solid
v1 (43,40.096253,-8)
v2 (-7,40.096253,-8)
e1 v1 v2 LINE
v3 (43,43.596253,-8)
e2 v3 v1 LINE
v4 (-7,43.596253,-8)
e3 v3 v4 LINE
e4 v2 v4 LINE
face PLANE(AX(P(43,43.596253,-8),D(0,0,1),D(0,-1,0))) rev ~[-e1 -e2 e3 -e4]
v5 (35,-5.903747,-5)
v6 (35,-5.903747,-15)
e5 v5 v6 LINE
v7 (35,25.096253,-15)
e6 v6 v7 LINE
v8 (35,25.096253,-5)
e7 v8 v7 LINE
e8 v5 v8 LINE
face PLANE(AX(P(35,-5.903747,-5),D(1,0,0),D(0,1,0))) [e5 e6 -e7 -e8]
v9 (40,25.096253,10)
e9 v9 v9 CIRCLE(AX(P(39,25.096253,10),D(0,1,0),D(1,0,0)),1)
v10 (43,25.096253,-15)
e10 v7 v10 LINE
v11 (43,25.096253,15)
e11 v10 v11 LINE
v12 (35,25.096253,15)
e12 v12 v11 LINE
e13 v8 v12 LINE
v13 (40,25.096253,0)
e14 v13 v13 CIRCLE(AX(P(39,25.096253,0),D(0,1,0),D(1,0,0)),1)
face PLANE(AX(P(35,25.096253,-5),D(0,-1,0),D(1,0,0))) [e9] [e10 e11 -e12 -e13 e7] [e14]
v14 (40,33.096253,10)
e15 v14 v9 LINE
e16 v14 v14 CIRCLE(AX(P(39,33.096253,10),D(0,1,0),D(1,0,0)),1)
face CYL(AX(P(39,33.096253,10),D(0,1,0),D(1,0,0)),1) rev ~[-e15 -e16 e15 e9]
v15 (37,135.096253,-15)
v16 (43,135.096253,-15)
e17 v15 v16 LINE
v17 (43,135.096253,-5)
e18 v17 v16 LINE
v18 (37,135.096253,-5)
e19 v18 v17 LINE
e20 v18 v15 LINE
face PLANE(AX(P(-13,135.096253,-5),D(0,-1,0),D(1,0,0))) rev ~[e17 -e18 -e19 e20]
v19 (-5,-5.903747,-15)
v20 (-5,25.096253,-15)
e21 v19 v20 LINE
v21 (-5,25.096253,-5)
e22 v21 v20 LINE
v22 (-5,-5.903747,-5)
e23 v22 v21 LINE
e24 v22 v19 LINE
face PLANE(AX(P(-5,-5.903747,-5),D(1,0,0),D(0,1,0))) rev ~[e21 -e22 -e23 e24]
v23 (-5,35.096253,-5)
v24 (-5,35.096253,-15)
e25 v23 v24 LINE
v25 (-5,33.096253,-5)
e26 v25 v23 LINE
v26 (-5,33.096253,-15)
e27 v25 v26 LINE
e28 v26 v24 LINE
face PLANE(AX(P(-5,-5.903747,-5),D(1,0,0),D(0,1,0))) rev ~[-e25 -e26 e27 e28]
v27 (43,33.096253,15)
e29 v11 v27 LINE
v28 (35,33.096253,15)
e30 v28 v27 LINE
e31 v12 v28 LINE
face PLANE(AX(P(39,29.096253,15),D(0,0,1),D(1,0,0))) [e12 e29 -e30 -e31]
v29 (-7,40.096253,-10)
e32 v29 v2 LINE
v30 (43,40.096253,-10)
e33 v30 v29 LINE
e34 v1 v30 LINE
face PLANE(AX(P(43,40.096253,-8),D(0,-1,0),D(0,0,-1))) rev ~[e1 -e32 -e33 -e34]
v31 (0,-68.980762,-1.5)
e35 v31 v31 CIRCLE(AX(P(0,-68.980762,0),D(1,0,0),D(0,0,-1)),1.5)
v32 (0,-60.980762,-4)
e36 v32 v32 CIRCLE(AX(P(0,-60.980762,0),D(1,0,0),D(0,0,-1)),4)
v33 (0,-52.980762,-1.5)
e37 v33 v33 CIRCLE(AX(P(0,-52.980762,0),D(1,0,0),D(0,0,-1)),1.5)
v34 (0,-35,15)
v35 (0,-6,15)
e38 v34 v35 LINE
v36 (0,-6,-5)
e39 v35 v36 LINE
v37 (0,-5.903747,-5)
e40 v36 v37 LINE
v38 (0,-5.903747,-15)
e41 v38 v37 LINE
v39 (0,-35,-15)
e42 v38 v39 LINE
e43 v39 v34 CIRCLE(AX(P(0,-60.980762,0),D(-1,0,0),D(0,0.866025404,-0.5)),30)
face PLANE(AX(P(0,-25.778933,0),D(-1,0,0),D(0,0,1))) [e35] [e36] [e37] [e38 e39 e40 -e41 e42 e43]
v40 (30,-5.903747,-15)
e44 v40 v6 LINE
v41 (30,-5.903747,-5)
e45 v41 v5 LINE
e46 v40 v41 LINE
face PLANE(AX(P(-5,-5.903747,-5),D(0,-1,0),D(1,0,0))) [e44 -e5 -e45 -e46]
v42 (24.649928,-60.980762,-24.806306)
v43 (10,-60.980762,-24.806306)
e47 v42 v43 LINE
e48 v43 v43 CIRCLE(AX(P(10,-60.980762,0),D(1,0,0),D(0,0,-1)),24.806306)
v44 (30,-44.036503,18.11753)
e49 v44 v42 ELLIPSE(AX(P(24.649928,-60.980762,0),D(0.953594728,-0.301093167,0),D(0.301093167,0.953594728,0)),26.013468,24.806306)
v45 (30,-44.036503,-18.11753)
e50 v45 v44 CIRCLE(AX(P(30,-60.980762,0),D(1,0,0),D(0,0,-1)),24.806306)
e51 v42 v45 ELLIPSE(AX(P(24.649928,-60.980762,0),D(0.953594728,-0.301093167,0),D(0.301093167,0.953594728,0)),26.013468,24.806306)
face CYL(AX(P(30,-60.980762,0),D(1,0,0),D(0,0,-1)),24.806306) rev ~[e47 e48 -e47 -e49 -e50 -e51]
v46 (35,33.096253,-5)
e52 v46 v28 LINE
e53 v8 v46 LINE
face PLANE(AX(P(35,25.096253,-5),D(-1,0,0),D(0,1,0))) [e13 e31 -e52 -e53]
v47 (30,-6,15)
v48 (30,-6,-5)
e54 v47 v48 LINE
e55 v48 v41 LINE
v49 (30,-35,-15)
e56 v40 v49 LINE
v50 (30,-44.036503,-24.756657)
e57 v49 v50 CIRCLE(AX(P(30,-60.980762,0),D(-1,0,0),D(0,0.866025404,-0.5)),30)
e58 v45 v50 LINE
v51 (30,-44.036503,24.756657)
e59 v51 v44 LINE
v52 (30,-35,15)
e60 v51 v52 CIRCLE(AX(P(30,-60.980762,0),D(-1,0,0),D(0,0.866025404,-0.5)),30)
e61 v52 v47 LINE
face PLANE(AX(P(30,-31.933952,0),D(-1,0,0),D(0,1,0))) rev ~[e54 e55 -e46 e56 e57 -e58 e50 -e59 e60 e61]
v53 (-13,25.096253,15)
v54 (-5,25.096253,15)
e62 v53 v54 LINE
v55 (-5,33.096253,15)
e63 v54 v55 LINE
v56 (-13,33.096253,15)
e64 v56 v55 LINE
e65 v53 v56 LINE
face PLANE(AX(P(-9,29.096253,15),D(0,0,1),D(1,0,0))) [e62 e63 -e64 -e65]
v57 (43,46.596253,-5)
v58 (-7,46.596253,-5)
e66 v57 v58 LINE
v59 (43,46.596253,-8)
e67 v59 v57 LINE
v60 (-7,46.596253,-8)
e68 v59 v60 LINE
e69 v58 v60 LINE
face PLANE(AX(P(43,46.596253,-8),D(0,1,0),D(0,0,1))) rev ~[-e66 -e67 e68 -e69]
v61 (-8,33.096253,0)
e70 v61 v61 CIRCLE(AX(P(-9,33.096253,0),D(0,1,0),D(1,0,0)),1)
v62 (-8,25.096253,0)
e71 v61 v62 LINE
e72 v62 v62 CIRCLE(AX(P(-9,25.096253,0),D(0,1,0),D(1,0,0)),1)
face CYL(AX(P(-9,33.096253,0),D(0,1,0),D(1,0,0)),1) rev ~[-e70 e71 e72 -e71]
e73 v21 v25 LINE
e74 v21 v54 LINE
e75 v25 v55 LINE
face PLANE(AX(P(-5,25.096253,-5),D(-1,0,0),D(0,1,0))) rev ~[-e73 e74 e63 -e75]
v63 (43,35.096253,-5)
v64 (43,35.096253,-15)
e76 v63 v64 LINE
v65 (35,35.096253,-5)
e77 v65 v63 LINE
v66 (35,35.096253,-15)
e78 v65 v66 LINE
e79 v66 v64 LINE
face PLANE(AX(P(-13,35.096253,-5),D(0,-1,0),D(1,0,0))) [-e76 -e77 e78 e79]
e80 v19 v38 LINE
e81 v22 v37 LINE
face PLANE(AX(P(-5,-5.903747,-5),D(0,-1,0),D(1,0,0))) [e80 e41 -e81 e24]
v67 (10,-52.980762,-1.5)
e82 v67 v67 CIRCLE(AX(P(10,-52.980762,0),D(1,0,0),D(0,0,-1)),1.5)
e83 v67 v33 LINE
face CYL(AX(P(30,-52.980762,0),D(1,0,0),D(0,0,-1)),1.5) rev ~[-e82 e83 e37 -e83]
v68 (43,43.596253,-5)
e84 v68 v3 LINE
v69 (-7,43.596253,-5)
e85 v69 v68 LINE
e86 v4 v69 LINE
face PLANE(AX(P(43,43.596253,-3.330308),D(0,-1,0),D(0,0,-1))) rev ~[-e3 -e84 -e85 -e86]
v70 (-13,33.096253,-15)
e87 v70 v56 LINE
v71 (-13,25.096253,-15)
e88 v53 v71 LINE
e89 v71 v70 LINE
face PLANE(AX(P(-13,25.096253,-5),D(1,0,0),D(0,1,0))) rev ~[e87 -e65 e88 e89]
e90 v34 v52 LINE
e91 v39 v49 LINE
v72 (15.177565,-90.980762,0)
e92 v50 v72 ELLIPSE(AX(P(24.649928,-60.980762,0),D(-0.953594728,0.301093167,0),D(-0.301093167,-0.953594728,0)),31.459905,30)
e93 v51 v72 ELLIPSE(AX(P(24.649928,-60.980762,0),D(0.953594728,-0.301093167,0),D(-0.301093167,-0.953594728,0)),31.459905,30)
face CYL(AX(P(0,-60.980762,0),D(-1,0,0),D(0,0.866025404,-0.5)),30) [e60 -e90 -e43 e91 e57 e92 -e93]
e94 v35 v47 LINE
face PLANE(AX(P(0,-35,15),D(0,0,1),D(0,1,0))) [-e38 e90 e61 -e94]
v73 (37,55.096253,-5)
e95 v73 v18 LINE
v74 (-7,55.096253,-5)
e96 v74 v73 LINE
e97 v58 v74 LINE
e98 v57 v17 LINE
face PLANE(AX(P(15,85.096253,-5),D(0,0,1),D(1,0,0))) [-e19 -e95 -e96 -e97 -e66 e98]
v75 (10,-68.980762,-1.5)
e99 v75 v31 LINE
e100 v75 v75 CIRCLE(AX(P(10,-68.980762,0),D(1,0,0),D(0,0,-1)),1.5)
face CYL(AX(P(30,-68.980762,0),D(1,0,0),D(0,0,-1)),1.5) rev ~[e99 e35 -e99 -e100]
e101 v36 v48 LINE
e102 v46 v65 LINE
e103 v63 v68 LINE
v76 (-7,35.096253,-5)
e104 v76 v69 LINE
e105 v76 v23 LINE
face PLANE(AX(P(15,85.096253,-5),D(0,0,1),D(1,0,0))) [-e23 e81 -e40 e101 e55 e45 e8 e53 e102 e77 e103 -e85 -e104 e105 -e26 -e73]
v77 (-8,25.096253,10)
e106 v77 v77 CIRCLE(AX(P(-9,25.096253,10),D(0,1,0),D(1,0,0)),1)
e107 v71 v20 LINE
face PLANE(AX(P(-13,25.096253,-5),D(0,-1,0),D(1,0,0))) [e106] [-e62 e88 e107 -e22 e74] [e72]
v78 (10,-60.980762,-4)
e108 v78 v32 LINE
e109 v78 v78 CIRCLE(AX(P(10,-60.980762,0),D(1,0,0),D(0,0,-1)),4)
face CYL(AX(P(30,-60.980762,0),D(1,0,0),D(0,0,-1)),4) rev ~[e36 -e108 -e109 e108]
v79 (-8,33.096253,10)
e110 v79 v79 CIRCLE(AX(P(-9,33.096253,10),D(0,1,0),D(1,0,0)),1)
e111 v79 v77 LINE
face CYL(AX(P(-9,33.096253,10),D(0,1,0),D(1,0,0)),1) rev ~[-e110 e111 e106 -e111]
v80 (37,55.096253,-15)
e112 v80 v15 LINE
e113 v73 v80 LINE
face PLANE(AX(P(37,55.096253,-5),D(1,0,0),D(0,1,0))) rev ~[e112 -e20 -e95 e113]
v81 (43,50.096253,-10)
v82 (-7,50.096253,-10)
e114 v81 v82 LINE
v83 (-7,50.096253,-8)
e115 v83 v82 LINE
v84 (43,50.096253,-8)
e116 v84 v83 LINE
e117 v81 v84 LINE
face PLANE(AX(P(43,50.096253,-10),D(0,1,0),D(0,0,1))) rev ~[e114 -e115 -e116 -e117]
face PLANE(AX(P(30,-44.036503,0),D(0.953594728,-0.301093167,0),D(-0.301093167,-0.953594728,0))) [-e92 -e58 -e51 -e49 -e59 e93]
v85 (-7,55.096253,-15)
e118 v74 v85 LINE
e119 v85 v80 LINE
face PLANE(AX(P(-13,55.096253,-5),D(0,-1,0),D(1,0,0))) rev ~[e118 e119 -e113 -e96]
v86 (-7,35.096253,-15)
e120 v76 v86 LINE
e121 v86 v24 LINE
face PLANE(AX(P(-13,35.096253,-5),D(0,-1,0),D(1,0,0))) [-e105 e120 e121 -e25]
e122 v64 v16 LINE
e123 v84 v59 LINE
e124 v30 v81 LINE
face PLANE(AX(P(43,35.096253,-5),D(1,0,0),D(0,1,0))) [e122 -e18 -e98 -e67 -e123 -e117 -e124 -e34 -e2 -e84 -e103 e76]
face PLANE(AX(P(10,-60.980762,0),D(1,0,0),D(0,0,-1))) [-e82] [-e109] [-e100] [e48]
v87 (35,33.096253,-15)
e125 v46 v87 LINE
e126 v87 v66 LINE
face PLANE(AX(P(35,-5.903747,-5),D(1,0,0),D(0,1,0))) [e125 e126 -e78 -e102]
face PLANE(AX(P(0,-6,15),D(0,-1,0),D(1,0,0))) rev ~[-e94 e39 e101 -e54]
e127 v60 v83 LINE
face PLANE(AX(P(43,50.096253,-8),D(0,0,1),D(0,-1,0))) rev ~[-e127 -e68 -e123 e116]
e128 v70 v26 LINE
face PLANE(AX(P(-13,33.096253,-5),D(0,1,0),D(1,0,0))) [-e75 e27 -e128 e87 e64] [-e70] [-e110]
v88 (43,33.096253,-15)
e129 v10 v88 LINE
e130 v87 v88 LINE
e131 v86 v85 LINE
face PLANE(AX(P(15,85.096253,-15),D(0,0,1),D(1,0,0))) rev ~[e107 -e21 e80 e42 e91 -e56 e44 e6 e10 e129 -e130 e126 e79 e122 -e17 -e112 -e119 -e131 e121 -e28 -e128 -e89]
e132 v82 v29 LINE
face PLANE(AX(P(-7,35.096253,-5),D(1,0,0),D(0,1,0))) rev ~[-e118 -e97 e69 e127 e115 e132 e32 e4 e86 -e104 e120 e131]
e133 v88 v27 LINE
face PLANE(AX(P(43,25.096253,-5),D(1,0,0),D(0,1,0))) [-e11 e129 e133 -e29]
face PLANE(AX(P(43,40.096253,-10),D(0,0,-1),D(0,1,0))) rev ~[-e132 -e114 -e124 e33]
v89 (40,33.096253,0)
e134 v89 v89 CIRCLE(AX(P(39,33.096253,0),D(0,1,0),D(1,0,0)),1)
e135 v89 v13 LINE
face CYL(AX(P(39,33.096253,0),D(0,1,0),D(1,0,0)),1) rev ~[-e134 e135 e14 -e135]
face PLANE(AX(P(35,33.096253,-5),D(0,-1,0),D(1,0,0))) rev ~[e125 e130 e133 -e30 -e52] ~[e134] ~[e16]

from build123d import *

# Parameters (mm, degrees)
BOSS_EXTRUDE1_DEPTH      = 30
CUT_EXTRUDE4_DEPTH       = 40
CUT_EXTRUDE4_DEPTH_BACK  = 40
BOSS_EXTRUDE2_DEPTH      = 15
BOSS_EXTRUDE2_DEPTH_BACK = 15
SKETCH7_W                = 30
SKETCH7_H                = 66.933951842
SKETCH12_W               = 30
SKETCH12_H               = 41
CUT_EXTRUDE7_DEPTH       = 20
SKETCH13_W               = 40
SKETCH13_H               = 41
BOSS_EXTRUDE4_DEPTH      = 10
BOSS_EXTRUDE5_DEPTH      = 20
BOSS_EXTRUDE5_DEPTH_BACK = 10
SKETCH15_W               = 8
SKETCH15_H               = 8
SKETCH17_R               = 1
CUT_EXTRUDE9_DEPTH       = 30
SKETCH18_R               = 24.806306278
CUT_EXTRUDE10_DEPTH      = 20
SKETCH19_R               = 4
SKETCH19_R_2             = 1.5
CUT_EXTRUDE11_DEPTH      = 30
SKETCH20_W               = 56
SKETCH20_H               = 100
BOSS_EXTRUDE6_DEPTH      = 10
SKETCH24_W               = 50
SKETCH24_H               = 80
CUT_EXTRUDE13_DEPTH      = 20
CUT_EXTRUDE14_DEPTH      = 70
SKETCH30_W               = 6
SKETCH30_H               = 20
CUT_EXTRUDE15_DEPTH      = 30


with BuildPart() as part:
    # Sketch2 → Boss-Extrude1 (new body)
    with BuildSketch(Plane(origin=(0, 0, 0), x_dir=(0, 0, -1), z_dir=(1, 0, 0))):
        with BuildLine():
            Line((-15, 35), (15, 35))
            Line((15, 35), (15, -35))
            ThreePointArc((15, -35), (0, -90.980762114), (-15, -35))
            Line((-15, -35), (-15, 35))
        make_face()
    extrude(amount=BOSS_EXTRUDE1_DEPTH)

    # Sketch6 → Cut-Extrude4 (cut, two sides: drawn at the far end of the back side and taken through both)
    with BuildSketch(Plane.XY.offset(-CUT_EXTRUDE4_DEPTH_BACK)):
        Polygon((15, 35), (30, -15.145060683), (30, -44.036502572), (15, -91.543130052), (48.566296189, -91.543130052), (48.566296189, 35), align=None)
    extrude(amount=CUT_EXTRUDE4_DEPTH + CUT_EXTRUDE4_DEPTH_BACK, mode=Mode.SUBTRACT)

    # Sketch7 → Boss-Extrude2 (add, two sides: drawn at the far end of the back side and taken through both)
    with BuildSketch(Plane.XY.offset(-BOSS_EXTRUDE2_DEPTH_BACK)):
        with Locations((15, 1.533024079)):
            Rectangle(SKETCH7_W, SKETCH7_H)
    extrude(amount=BOSS_EXTRUDE2_DEPTH + BOSS_EXTRUDE2_DEPTH_BACK)

    # Sketch12 → Cut-Extrude7 (cut)
    with BuildSketch(Plane.XY.offset(15)):
        with Locations((15, 14.5)):
            Rectangle(SKETCH12_W, SKETCH12_H)
    extrude(amount=-CUT_EXTRUDE7_DEPTH, mode=Mode.SUBTRACT)

    # Sketch13 → Boss-Extrude4 (add)
    with BuildSketch(Plane.XY.offset(-5)):
        with Locations((15, 14.596252504)):
            Rectangle(SKETCH13_W, SKETCH13_H)
    extrude(amount=-BOSS_EXTRUDE4_DEPTH)

    # Sketch15 → Boss-Extrude5 (add, two sides: drawn at the far end of the back side and taken through both)
    with BuildSketch(Plane.XY.offset(-5).offset(-BOSS_EXTRUDE5_DEPTH_BACK)):
        with Locations((39, 29.096252504)):
            Rectangle(SKETCH15_W, SKETCH15_H)
        with Locations((-9, 29.096252504)):
            Rectangle(SKETCH15_W, SKETCH15_H)
    extrude(amount=BOSS_EXTRUDE5_DEPTH + BOSS_EXTRUDE5_DEPTH_BACK)

    # Sketch17 → Cut-Extrude9 (cut)
    with BuildSketch(Plane(origin=(0, 33.096252504, 0), x_dir=(1, 0, 0), z_dir=(0, 1, 0))):
        with Locations((39, 0)):
            Circle(SKETCH17_R)
        with Locations((39, -10)):
            Circle(SKETCH17_R)
        with Locations((-9, 0)):
            Circle(SKETCH17_R)
        with Locations((-9, -10)):
            Circle(SKETCH17_R)
    extrude(amount=-CUT_EXTRUDE9_DEPTH, mode=Mode.SUBTRACT)

    # Sketch18 → Cut-Extrude10 (cut)
    with BuildSketch(Plane(origin=(30, 0, 0), x_dir=(0, 0, -1), z_dir=(1, 0, 0))):
        with Locations((0, -60.980762114)):
            Circle(SKETCH18_R)
    extrude(amount=-CUT_EXTRUDE10_DEPTH, mode=Mode.SUBTRACT)

    # Sketch19 → Cut-Extrude11 (cut)
    with BuildSketch(Plane(origin=(30, 0, 0), x_dir=(0, 0, -1), z_dir=(1, 0, 0))):
        with Locations((0, -60.980762114)):
            Circle(SKETCH19_R)
        with Locations((0, -52.980762114)):
            Circle(SKETCH19_R_2)
        with Locations((0, -68.980762114)):
            Circle(SKETCH19_R_2)
    extrude(amount=-CUT_EXTRUDE11_DEPTH, mode=Mode.SUBTRACT)

    # Sketch20 → Boss-Extrude6 (add)
    with BuildSketch(Plane.XY.offset(-5)):
        with Locations((15, 85.096252504)):
            Rectangle(SKETCH20_W, SKETCH20_H)
    extrude(amount=-BOSS_EXTRUDE6_DEPTH)

    # Sketch24 → Cut-Extrude13 (cut)
    with BuildSketch(Plane.XY.offset(-5)):
        with Locations((12, 95.096252504)):
            Rectangle(SKETCH24_W, SKETCH24_H)
    extrude(amount=-CUT_EXTRUDE13_DEPTH, mode=Mode.SUBTRACT)

    # Sketch25 → Cut-Extrude14 (cut)
    with BuildSketch(Plane(origin=(43, 0, 0), x_dir=(0, 0, -1), z_dir=(1, 0, 0))):
        Polygon((10, 50.096252504), (8, 50.096252504), (8, 46.596252504), (3.330307532, 46.596252504), (3.330307532, 43.596252504), (8, 43.596252504), (8, 40.096252504), (10, 40.096252504), align=None)
    extrude(amount=-CUT_EXTRUDE14_DEPTH, mode=Mode.SUBTRACT)

    # Sketch30 → Cut-Extrude15 (cut)
    with BuildSketch(Plane.XY.offset(-5)):
        with Locations((-10, 45.096252504)):
            Rectangle(SKETCH30_W, SKETCH30_H)
    extrude(amount=-CUT_EXTRUDE15_DEPTH, mode=Mode.SUBTRACT)


solid = part.part
